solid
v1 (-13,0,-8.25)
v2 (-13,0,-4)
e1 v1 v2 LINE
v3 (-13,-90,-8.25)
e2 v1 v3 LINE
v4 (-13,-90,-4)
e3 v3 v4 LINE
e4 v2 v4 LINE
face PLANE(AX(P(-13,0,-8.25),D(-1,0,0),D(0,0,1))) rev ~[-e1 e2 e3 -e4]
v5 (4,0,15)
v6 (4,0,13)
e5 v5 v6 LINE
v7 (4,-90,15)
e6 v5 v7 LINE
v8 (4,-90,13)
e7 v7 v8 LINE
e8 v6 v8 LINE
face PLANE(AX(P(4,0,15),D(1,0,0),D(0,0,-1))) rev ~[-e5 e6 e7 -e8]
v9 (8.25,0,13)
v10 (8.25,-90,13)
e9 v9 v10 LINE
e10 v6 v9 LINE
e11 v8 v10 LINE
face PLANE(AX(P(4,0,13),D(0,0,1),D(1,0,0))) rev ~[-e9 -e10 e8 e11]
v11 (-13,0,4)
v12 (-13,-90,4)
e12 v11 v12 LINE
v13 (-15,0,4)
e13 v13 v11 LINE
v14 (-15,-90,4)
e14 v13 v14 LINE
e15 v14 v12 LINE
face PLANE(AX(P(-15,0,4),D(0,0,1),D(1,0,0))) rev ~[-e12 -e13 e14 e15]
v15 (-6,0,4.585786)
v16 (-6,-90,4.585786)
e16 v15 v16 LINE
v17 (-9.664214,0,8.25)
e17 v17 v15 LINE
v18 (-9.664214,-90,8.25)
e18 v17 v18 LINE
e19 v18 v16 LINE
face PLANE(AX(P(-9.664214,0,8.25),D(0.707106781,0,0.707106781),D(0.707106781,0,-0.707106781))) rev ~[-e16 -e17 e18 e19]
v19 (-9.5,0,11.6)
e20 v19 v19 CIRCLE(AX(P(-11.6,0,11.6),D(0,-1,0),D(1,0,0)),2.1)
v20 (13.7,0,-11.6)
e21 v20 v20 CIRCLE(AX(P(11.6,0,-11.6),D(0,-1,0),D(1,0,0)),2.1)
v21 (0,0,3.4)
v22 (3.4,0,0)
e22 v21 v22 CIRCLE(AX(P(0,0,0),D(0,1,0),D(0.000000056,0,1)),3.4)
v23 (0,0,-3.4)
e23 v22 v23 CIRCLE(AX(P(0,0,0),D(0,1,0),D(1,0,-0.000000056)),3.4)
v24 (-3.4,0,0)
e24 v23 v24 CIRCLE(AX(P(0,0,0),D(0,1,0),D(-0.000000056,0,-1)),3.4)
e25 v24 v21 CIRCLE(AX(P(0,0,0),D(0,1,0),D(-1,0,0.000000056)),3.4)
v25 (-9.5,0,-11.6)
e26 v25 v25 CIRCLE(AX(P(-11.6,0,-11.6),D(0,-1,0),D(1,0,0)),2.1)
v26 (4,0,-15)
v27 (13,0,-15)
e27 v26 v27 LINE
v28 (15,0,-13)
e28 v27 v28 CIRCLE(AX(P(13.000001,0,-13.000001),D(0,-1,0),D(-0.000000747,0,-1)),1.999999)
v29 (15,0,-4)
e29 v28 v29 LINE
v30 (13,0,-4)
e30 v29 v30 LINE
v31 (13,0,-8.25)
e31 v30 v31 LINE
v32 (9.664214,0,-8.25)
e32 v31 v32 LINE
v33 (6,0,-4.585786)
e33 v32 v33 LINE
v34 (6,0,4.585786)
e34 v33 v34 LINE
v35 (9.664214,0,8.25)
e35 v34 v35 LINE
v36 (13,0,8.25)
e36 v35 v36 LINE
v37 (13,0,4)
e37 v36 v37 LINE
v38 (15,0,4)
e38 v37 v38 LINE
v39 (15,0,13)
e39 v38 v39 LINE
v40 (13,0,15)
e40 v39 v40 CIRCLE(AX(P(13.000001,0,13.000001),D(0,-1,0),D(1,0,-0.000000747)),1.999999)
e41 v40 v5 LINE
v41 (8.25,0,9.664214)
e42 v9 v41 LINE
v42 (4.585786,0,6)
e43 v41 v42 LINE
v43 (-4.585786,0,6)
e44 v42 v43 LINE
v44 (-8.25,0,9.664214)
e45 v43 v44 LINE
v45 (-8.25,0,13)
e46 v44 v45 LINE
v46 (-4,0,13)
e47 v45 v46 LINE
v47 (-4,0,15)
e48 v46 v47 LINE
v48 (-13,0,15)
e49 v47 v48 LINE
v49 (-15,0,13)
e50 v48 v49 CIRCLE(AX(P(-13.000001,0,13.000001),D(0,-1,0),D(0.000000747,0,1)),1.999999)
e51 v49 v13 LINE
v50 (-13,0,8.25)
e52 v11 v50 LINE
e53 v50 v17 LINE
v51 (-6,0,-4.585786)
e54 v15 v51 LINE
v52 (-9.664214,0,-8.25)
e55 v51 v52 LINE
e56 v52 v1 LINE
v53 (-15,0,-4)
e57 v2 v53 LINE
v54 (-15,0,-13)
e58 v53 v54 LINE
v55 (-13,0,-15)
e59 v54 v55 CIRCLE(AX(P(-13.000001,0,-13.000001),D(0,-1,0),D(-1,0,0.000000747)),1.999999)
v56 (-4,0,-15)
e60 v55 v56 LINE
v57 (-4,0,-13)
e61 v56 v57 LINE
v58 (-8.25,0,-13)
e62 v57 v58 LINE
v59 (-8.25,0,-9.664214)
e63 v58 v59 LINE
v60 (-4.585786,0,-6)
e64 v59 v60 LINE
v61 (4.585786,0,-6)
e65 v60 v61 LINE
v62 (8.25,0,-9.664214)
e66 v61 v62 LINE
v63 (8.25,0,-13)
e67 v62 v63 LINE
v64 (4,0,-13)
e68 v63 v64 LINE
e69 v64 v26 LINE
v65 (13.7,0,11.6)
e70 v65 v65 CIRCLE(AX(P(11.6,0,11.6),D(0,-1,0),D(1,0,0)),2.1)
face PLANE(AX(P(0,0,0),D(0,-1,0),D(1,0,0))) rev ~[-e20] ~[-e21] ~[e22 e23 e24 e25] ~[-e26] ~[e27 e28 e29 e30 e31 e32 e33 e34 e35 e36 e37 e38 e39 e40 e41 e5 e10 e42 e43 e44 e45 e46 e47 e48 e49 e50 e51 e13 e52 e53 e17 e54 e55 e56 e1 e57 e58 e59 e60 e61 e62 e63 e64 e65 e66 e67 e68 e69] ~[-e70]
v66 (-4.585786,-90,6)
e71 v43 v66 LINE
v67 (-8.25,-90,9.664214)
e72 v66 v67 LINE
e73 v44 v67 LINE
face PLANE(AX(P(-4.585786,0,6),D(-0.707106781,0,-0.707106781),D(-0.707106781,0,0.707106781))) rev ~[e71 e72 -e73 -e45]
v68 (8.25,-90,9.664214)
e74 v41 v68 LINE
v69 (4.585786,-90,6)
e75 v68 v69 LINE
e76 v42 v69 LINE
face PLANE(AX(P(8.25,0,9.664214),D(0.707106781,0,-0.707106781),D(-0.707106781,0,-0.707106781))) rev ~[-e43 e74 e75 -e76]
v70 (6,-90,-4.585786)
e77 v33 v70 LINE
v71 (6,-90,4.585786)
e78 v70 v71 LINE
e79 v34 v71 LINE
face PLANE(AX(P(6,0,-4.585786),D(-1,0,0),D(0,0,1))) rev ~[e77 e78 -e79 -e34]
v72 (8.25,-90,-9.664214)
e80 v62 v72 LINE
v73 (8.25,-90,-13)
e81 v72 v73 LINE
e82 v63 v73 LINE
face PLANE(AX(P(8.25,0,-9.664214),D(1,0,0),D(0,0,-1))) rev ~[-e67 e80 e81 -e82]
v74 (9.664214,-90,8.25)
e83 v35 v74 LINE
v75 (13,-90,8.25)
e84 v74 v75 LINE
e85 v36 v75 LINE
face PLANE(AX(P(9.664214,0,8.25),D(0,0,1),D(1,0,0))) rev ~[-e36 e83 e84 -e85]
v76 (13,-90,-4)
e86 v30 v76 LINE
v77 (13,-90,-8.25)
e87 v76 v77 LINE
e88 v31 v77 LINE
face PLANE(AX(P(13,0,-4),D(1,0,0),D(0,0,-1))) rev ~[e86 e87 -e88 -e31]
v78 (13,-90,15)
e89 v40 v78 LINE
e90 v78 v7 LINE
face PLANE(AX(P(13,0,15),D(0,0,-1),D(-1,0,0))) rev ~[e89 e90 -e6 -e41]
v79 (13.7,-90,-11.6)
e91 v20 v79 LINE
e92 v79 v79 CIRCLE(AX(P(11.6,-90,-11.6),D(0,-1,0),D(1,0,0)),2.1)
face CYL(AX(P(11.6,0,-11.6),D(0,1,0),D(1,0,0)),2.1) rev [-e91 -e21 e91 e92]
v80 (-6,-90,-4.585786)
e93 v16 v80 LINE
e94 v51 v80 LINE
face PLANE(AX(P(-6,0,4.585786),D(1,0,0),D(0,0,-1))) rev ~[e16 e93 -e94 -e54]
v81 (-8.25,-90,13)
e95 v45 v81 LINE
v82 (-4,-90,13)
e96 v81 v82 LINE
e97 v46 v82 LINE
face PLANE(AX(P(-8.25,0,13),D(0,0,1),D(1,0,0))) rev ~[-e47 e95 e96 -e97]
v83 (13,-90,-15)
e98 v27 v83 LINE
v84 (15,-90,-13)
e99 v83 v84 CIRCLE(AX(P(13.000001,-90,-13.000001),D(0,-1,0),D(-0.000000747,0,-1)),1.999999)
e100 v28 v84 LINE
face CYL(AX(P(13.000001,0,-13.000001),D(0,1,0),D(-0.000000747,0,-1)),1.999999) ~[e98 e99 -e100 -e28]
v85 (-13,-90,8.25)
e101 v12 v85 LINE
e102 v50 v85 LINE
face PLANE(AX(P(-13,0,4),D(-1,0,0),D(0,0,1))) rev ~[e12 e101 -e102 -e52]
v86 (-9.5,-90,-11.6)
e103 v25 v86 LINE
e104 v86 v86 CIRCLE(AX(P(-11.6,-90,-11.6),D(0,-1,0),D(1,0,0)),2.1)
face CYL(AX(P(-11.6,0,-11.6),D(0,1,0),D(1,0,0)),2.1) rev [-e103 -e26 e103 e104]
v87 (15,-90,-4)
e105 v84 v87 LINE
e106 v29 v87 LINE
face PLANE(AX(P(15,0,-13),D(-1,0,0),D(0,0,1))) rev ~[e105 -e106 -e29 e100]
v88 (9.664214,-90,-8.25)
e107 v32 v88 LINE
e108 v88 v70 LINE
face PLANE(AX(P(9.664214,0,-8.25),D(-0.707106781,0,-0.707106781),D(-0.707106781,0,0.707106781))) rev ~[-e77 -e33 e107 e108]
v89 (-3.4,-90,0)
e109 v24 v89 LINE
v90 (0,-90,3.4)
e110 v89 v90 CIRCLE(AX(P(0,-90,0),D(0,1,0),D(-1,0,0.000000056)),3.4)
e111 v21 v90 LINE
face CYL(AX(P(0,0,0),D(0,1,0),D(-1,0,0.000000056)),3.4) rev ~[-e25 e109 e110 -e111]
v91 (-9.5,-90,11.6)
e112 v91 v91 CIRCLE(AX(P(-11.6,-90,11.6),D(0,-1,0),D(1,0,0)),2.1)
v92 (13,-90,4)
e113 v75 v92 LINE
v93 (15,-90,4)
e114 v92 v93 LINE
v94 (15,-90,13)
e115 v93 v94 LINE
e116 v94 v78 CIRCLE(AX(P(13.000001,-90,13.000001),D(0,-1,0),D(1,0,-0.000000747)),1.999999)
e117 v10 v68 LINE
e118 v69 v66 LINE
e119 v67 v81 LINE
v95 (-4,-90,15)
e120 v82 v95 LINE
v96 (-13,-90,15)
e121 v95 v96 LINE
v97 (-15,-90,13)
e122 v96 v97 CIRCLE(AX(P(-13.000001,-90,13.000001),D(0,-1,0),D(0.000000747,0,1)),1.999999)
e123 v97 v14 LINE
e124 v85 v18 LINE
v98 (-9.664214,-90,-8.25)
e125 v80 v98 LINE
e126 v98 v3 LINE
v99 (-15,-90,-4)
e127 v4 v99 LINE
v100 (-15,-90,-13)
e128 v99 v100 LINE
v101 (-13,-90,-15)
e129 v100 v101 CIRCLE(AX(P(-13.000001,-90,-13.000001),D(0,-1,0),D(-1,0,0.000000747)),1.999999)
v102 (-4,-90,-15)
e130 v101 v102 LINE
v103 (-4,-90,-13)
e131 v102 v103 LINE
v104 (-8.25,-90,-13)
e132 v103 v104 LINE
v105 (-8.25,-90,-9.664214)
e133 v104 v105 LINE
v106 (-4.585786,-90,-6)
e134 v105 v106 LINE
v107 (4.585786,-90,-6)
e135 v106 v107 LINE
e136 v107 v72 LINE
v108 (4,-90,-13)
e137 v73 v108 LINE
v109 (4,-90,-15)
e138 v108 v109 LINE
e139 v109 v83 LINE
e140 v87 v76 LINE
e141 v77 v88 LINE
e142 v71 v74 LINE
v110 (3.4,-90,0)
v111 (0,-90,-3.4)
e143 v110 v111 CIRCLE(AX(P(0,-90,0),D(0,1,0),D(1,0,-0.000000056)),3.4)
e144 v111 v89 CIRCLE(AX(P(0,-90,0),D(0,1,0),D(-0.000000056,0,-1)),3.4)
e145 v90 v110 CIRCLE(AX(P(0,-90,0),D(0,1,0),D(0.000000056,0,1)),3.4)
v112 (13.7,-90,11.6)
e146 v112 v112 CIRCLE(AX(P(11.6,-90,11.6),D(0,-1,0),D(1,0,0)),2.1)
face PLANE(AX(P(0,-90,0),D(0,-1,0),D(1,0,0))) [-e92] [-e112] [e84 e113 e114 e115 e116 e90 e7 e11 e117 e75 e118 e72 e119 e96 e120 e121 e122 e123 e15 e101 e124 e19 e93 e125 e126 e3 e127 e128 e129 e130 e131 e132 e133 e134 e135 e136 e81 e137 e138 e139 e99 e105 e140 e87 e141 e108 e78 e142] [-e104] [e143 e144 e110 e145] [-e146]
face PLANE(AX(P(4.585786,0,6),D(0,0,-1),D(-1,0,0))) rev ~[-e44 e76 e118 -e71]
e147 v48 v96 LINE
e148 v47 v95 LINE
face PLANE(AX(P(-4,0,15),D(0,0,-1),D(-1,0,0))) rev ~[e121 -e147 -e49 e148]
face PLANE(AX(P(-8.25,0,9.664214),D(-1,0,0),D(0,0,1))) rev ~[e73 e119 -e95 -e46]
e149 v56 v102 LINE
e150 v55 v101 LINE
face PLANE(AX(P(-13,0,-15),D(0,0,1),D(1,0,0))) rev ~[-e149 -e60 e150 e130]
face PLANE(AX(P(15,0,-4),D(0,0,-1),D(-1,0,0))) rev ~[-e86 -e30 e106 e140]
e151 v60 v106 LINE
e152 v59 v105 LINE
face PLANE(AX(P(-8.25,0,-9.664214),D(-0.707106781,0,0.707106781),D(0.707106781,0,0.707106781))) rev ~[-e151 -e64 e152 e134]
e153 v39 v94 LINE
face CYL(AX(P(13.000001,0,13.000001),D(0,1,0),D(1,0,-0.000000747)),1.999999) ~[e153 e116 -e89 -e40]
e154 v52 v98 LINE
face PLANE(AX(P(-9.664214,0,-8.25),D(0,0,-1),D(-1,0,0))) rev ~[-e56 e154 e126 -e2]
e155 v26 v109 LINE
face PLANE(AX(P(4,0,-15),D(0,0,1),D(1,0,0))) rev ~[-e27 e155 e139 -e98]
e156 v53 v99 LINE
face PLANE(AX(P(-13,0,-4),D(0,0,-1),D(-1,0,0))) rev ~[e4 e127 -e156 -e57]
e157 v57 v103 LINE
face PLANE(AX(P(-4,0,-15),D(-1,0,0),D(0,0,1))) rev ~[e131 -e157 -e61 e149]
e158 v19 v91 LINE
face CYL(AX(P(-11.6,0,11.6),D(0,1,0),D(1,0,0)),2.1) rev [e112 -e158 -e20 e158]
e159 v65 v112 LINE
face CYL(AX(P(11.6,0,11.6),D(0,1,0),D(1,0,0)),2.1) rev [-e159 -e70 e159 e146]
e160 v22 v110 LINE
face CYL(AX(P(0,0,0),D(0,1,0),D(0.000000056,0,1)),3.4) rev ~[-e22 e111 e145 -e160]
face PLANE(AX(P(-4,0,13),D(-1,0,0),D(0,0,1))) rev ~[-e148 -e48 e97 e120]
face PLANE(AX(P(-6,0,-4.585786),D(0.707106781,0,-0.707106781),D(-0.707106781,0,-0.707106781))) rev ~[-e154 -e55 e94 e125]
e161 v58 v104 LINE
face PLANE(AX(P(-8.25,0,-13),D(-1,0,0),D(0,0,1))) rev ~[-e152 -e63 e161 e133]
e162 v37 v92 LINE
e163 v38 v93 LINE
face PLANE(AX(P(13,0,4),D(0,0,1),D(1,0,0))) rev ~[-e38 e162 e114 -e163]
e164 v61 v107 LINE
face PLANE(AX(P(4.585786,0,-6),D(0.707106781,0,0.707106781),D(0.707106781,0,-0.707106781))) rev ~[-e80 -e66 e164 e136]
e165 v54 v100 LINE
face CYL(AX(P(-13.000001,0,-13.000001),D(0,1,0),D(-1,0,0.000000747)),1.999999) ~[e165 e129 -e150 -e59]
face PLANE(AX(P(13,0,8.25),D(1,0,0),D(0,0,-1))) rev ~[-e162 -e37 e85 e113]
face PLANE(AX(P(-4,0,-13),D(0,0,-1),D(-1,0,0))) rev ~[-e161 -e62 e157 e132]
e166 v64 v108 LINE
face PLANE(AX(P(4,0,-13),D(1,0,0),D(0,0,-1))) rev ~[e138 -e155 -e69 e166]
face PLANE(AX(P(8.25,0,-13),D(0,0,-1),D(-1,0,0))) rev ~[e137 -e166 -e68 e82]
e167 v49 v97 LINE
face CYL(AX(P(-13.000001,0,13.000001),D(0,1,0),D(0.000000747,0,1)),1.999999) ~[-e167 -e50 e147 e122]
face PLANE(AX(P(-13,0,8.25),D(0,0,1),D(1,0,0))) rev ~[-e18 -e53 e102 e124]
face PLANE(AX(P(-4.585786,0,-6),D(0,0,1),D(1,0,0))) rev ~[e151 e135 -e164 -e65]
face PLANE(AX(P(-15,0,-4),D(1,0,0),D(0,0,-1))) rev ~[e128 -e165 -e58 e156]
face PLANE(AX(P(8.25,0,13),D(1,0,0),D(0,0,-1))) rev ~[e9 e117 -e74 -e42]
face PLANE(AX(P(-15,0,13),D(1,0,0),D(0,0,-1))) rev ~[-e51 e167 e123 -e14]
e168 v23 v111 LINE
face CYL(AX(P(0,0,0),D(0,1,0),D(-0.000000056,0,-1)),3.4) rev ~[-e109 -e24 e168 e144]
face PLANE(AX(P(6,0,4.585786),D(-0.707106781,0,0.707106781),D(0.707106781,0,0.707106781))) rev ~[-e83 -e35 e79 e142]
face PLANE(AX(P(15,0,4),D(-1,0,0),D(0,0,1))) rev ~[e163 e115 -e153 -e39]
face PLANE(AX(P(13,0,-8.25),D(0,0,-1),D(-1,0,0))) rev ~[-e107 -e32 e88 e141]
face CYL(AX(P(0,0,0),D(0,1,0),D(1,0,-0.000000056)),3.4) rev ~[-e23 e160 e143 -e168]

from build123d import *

# Parameters (mm, degrees)
F0_R     = 2.1
F1_DEPTH = 90


with BuildPart() as f1:
    # F0 (on Front) → F1 (new body)
    with BuildSketch(Plane.XZ):
        with BuildLine():
            Line((4.585786, 6), (0, 6))
            Line((0, 6), (-4.585786, 6))
            Line((-4.585786, 6), (-8.25, 9.664214))
            Line((-8.25, 9.664214), (-8.25, 13))
            Line((-8.25, 13), (-4, 13))
            Line((-4, 13), (-4, 15))
            Line((-4, 15), (-13, 15))
            ThreePointArc((-13, 15), (-14.414214, 14.414214), (-15, 13))
            Line((-15, 13), (-15, 4))
            Line((-15, 4), (-13, 4))
            Line((-13, 4), (-13, 8.25))
            Line((-13, 8.25), (-9.664214, 8.25))
            Line((-9.664214, 8.25), (-6, 4.585786))
            Line((-6, 4.585786), (-6, 0))
            Line((-6, 0), (-6, -4.585786))
            Line((-6, -4.585786), (-9.664214, -8.25))
            Line((-9.664214, -8.25), (-13, -8.25))
            Line((-13, -8.25), (-13, -4))
            Line((-13, -4), (-15, -4))
            Line((-15, -4), (-15, -13))
            ThreePointArc((-15, -13), (-14.414214, -14.414214), (-13, -15))
            Line((-13, -15), (-4, -15))
            Line((-4, -15), (-4, -13))
            Line((-4, -13), (-8.25, -13))
            Line((-8.25, -13), (-8.25, -9.664214))
            Line((-8.25, -9.664214), (-4.585786, -6))
            Line((-4.585786, -6), (0, -6))
            Line((0, -6), (4.585786, -6))
            Line((4.585786, -6), (8.25, -9.664214))
            Line((8.25, -9.664214), (8.25, -13))
            Line((8.25, -13), (4, -13))
            Line((4, -13), (4, -15))
            Line((4, -15), (13, -15))
            ThreePointArc((13, -15), (14.414214, -14.414214), (15, -13))
            Line((15, -13), (15, -4))
            Line((15, -4), (13, -4))
            Line((13, -4), (13, -8.25))
            Line((13, -8.25), (9.664214, -8.25))
            Line((9.664214, -8.25), (6, -4.585786))
            Line((6, -4.585786), (6, 0))
            Line((6, 0), (6, 4.585786))
            Line((6, 4.585786), (9.664214, 8.25))
            Line((9.664214, 8.25), (13, 8.25))
            Line((13, 8.25), (13, 4))
            Line((13, 4), (15, 4))
            Line((15, 4), (15, 13))
            ThreePointArc((15, 13), (14.414214, 14.414214), (13, 15))
            Line((13, 15), (4, 15))
            Line((4, 15), (4, 13))
            Line((4, 13), (8.25, 13))
            Line((8.25, 13), (8.25, 9.664214))
            Line((8.25, 9.664214), (4.585786, 6))
        make_face()
        with Locations((-11.6, -11.6)):
            Circle(F0_R, mode=Mode.SUBTRACT)
        with Locations((11.6, -11.6)):
            Circle(F0_R, mode=Mode.SUBTRACT)
        with Locations((-11.6, 11.6)):
            Circle(F0_R, mode=Mode.SUBTRACT)
        with BuildLine():
            ThreePointArc((-3.4, 0), (-2.404163, 2.404163), (0, 3.4))
            ThreePointArc((0, 3.4), (2.404163, 2.404163), (3.4, 0))
            ThreePointArc((3.4, 0), (2.404163, -2.404163), (0, -3.4))
            ThreePointArc((0, -3.4), (-2.404163, -2.404163), (-3.4, 0))
        make_face(mode=Mode.SUBTRACT)
        with Locations((11.6, 11.6)):
            Circle(F0_R, mode=Mode.SUBTRACT)
    extrude(amount=F1_DEPTH)


solid = f1.part
